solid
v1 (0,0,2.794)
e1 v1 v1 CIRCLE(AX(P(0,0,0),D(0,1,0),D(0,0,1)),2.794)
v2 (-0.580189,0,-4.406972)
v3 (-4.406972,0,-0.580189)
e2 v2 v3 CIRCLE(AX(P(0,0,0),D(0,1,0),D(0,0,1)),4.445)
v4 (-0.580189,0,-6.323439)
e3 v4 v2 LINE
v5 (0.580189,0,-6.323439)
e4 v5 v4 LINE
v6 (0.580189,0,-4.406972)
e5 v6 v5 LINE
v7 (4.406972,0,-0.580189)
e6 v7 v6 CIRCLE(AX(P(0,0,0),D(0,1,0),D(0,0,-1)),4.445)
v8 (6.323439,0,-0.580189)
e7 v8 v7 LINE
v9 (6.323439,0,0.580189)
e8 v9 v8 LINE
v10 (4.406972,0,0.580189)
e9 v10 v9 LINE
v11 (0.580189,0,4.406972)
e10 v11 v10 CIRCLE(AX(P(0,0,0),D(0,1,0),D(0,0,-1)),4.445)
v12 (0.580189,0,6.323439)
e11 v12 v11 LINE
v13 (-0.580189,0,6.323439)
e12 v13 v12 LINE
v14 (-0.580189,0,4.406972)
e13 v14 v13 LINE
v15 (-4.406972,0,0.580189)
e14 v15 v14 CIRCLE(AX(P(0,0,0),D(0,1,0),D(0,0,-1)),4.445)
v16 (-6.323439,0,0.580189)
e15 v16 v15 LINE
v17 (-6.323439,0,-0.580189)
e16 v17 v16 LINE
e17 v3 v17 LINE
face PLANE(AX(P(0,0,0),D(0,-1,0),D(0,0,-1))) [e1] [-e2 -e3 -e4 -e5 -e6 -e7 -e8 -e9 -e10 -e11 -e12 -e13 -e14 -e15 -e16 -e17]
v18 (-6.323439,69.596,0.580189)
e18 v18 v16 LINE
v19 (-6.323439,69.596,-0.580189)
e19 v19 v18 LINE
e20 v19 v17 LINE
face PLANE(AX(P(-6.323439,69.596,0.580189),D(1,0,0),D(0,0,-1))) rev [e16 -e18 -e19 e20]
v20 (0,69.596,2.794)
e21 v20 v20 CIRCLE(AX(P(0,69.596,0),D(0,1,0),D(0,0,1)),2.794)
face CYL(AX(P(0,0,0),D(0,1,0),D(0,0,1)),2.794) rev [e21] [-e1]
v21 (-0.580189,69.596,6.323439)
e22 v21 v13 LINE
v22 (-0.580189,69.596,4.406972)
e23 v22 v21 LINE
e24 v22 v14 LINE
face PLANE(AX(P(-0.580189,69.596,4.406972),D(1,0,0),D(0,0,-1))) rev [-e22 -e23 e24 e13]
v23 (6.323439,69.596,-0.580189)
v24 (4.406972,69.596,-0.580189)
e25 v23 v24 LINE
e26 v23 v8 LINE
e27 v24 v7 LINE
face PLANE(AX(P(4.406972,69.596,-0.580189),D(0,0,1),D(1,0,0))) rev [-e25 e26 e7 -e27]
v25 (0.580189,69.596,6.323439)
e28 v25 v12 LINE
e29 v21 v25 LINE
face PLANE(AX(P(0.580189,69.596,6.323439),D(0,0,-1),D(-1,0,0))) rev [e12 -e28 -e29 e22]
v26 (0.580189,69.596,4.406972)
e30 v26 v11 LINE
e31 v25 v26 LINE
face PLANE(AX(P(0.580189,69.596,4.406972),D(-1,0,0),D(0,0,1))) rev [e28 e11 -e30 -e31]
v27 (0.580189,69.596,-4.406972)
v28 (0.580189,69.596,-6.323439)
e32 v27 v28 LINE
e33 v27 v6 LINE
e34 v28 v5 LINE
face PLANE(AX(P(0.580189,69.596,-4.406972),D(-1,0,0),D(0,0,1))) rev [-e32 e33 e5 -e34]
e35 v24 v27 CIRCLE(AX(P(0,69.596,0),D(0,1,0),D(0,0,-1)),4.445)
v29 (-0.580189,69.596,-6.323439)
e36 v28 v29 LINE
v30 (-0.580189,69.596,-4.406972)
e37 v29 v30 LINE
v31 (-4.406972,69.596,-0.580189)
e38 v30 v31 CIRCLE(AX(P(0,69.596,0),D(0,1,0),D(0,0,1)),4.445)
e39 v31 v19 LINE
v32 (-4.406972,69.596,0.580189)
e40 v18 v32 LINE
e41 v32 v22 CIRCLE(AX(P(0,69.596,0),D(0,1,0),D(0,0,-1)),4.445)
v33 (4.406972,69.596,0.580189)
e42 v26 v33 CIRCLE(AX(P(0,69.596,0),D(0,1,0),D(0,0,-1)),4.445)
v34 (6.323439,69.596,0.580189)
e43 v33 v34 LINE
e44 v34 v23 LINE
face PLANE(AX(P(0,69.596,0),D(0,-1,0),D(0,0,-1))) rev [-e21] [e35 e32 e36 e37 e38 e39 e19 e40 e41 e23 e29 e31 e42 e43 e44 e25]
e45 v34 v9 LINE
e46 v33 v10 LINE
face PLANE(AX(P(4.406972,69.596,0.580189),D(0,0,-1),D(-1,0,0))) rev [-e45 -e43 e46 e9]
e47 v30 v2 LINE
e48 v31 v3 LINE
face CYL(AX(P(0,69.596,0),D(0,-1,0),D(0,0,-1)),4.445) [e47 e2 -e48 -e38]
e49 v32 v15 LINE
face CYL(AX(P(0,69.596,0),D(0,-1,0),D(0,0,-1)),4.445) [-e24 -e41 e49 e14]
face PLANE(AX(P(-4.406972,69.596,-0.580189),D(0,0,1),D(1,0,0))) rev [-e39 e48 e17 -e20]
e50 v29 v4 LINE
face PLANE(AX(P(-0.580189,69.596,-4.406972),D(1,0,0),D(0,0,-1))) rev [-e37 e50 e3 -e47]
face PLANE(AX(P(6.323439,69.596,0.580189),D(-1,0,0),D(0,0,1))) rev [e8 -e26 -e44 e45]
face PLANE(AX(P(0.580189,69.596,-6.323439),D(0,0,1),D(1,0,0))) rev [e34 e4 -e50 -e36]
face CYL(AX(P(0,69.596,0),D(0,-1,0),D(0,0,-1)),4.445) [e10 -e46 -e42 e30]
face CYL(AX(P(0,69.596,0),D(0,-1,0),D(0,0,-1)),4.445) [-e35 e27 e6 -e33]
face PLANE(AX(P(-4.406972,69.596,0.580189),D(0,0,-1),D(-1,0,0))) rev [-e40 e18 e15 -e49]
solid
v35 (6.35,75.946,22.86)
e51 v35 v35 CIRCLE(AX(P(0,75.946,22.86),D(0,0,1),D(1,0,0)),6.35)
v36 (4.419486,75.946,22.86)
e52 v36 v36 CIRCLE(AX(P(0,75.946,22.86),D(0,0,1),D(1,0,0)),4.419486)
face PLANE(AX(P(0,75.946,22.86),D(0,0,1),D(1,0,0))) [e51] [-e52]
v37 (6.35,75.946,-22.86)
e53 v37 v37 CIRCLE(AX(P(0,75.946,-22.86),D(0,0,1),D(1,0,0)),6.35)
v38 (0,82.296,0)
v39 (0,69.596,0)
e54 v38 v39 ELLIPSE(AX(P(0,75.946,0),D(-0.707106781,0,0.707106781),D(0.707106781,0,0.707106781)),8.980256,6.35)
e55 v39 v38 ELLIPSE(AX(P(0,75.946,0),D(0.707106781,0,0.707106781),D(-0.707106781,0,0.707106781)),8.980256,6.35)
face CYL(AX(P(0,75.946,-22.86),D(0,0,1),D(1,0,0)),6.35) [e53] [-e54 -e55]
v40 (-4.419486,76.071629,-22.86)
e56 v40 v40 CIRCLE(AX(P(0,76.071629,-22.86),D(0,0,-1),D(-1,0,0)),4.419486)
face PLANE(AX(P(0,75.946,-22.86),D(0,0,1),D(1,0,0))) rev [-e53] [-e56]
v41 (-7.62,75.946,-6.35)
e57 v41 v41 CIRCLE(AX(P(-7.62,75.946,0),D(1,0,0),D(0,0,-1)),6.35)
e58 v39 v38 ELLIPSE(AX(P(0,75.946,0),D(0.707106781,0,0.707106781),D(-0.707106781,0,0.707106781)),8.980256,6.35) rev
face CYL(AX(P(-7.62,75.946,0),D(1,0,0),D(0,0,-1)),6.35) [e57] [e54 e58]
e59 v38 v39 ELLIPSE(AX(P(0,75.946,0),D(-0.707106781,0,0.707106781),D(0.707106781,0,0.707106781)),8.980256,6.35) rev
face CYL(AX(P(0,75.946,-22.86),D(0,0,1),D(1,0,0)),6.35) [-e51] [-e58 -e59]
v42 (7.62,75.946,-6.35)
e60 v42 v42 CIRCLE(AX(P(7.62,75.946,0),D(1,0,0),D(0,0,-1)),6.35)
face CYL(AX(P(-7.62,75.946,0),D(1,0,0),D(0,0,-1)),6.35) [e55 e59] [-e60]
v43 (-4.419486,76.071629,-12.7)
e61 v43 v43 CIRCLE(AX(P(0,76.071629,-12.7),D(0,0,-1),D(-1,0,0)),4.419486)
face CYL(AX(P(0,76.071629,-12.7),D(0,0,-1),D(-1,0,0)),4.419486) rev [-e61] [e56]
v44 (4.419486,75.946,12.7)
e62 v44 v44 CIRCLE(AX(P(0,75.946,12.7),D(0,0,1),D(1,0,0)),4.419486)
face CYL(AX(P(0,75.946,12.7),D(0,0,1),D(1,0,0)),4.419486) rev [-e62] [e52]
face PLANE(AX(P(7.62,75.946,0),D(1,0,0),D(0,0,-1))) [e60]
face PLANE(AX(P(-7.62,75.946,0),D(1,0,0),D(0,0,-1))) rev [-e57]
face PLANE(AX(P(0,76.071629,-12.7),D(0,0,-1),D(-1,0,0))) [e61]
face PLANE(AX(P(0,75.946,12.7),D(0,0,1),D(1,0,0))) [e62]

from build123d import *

# Parameters (mm, degrees)
BOSS_EXTRUDE2_DEPTH      = 69.596
SKETCH4_R                = 2.794
CUT_EXTRUDE1_DEPTH       = 71.16819064
BOSS_EXTRUDE3_DEPTH      = 22.86
BOSS_EXTRUDE3_DEPTH_BACK = 22.86
SKETCH5_R                = 6.35
SKETCH6_R                = 3.738220815
CUT_EXTRUDE3_DEPTH       = 12.7
BOSS_EXTRUDE4_DEPTH      = 7.62
BOSS_EXTRUDE4_DEPTH_BACK = 7.62
SKETCH7_R                = 6.35
SKETCH8_R                = 4.419485512
CUT_EXTRUDE4_DEPTH       = 10.16
SKETCH9_R                = 4.419485573
CUT_EXTRUDE5_DEPTH       = 10.16


with BuildPart() as part:
    # Sketch3 → Boss-Extrude2 (new body)
    with BuildSketch(Plane(origin=(0, 0, 0), x_dir=(1, 0, 0), z_dir=(0, 1, 0))):
        with BuildLine():
            Line((-0.580188924, 4.406972409), (-0.580188924, 6.323439002))
            Line((-0.580188924, 6.323439002), (0.580188924, 6.323439002))
            Line((0.580188924, 6.323439002), (0.580188924, 4.406972409))
            ThreePointArc((0.580188924, 4.406972409), (3.143089642, 3.143089642), (4.406972409, 0.580188924))
            Line((4.406972409, 0.580188924), (6.323439002, 0.580188924))
            Line((6.323439002, 0.580188924), (6.323439002, -0.580188924))
            Line((6.323439002, -0.580188924), (4.406972409, -0.580188924))
            ThreePointArc((4.406972409, -0.580188924), (3.143089642, -3.143089642), (0.580188924, -4.406972409))
            Line((0.580188924, -4.406972409), (0.580188924, -6.323439002))
            Line((0.580188924, -6.323439002), (-0.580188924, -6.323439002))
            Line((-0.580188924, -6.323439002), (-0.580188924, -4.406972409))
            ThreePointArc((-0.580188924, -4.406972409), (-3.143089642, -3.143089642), (-4.406972409, -0.580188924))
            Line((-4.406972409, -0.580188924), (-6.323439002, -0.580188924))
            Line((-6.323439002, -0.580188924), (-6.323439002, 0.580188924))
            Line((-6.323439002, 0.580188924), (-4.406972409, 0.580188924))
            ThreePointArc((-4.406972409, 0.580188924), (-3.143089642, 3.143089642), (-0.580188924, 4.406972409))
        make_face()
    extrude(amount=BOSS_EXTRUDE2_DEPTH)

    # Sketch4 → Cut-Extrude1 (cut, through all)
    with BuildSketch(Plane(origin=(0, 69.596, 0), x_dir=(1, 0, 0), z_dir=(0, 1, 0))):
        with Locations(Location((0, 0, 0), (0, 0, 270))):
            Circle(SKETCH4_R)
    extrude(amount=-CUT_EXTRUDE1_DEPTH, mode=Mode.SUBTRACT)


with BuildPart() as body_2:
    # Sketch5 → Boss-Extrude3 (new, two sides: drawn at the far end of the back side and taken through both)
    with BuildSketch(Plane.XY.offset(-BOSS_EXTRUDE3_DEPTH_BACK)):
        with Locations((0, 75.946)):
            Circle(SKETCH5_R)
    extrude(amount=BOSS_EXTRUDE3_DEPTH + BOSS_EXTRUDE3_DEPTH_BACK)


with BuildPart() as body_3:
    # Mirror1: mirrored copy
    add(body_2.part.mirror(Plane.XY))


with BuildPart() as cut_extrude3_tool:
    # Sketch6 → Cut-Extrude3 (new body)
    with BuildSketch(Plane.XY.offset(22.86)):
        with Locations((0, 75.946)):
            Circle(SKETCH6_R)
    extrude(amount=-CUT_EXTRUDE3_DEPTH)


with BuildPart() as body_2_1:
    add(body_2.part)

    # Cut-Extrude3: cut by cut_extrude3_tool
    add(cut_extrude3_tool.part, mode=Mode.SUBTRACT)


with BuildPart() as body_3_1:
    add(body_3.part)

    # Cut-Extrude3: cut by cut_extrude3_tool
    add(cut_extrude3_tool.part, mode=Mode.SUBTRACT)


with BuildPart() as body_4:
    # Mirror2: mirrored copy
    add(body_2_1.part.mirror(Plane.XY))


with BuildPart() as body_2_2:
    add(body_2_1.part)

    add(body_3_1.part)  # Boss-Extrude4 merges body 3

    add(body_4.part)  # Boss-Extrude4 merges body 4
    # Sketch7 → Boss-Extrude4 (add, two sides: drawn at the far end of the back side and taken through both)
    with BuildSketch(Plane(origin=(0, 0, 0), x_dir=(0, 0, -1), z_dir=(1, 0, 0)).offset(-BOSS_EXTRUDE4_DEPTH_BACK)):
        with Locations((0, 75.946)):
            Circle(SKETCH7_R)
    extrude(amount=BOSS_EXTRUDE4_DEPTH + BOSS_EXTRUDE4_DEPTH_BACK)

    # Sketch8 → Cut-Extrude4 (cut)
    with BuildSketch(Plane.XY.offset(22.86)):
        with Locations((0, 75.946)):
            Circle(SKETCH8_R)
    extrude(amount=-CUT_EXTRUDE4_DEPTH, mode=Mode.SUBTRACT)

    # Sketch9 → Cut-Extrude5 (cut)
    with BuildSketch(Plane(origin=(0, 0, -22.86), x_dir=(-1, 0, 0), z_dir=(0, 0, -1))):
        with Locations((0, 76.071629016)):
            Circle(SKETCH9_R)
    extrude(amount=-CUT_EXTRUDE5_DEPTH, mode=Mode.SUBTRACT)


solid = Compound([part.part, body_2_2.part])
